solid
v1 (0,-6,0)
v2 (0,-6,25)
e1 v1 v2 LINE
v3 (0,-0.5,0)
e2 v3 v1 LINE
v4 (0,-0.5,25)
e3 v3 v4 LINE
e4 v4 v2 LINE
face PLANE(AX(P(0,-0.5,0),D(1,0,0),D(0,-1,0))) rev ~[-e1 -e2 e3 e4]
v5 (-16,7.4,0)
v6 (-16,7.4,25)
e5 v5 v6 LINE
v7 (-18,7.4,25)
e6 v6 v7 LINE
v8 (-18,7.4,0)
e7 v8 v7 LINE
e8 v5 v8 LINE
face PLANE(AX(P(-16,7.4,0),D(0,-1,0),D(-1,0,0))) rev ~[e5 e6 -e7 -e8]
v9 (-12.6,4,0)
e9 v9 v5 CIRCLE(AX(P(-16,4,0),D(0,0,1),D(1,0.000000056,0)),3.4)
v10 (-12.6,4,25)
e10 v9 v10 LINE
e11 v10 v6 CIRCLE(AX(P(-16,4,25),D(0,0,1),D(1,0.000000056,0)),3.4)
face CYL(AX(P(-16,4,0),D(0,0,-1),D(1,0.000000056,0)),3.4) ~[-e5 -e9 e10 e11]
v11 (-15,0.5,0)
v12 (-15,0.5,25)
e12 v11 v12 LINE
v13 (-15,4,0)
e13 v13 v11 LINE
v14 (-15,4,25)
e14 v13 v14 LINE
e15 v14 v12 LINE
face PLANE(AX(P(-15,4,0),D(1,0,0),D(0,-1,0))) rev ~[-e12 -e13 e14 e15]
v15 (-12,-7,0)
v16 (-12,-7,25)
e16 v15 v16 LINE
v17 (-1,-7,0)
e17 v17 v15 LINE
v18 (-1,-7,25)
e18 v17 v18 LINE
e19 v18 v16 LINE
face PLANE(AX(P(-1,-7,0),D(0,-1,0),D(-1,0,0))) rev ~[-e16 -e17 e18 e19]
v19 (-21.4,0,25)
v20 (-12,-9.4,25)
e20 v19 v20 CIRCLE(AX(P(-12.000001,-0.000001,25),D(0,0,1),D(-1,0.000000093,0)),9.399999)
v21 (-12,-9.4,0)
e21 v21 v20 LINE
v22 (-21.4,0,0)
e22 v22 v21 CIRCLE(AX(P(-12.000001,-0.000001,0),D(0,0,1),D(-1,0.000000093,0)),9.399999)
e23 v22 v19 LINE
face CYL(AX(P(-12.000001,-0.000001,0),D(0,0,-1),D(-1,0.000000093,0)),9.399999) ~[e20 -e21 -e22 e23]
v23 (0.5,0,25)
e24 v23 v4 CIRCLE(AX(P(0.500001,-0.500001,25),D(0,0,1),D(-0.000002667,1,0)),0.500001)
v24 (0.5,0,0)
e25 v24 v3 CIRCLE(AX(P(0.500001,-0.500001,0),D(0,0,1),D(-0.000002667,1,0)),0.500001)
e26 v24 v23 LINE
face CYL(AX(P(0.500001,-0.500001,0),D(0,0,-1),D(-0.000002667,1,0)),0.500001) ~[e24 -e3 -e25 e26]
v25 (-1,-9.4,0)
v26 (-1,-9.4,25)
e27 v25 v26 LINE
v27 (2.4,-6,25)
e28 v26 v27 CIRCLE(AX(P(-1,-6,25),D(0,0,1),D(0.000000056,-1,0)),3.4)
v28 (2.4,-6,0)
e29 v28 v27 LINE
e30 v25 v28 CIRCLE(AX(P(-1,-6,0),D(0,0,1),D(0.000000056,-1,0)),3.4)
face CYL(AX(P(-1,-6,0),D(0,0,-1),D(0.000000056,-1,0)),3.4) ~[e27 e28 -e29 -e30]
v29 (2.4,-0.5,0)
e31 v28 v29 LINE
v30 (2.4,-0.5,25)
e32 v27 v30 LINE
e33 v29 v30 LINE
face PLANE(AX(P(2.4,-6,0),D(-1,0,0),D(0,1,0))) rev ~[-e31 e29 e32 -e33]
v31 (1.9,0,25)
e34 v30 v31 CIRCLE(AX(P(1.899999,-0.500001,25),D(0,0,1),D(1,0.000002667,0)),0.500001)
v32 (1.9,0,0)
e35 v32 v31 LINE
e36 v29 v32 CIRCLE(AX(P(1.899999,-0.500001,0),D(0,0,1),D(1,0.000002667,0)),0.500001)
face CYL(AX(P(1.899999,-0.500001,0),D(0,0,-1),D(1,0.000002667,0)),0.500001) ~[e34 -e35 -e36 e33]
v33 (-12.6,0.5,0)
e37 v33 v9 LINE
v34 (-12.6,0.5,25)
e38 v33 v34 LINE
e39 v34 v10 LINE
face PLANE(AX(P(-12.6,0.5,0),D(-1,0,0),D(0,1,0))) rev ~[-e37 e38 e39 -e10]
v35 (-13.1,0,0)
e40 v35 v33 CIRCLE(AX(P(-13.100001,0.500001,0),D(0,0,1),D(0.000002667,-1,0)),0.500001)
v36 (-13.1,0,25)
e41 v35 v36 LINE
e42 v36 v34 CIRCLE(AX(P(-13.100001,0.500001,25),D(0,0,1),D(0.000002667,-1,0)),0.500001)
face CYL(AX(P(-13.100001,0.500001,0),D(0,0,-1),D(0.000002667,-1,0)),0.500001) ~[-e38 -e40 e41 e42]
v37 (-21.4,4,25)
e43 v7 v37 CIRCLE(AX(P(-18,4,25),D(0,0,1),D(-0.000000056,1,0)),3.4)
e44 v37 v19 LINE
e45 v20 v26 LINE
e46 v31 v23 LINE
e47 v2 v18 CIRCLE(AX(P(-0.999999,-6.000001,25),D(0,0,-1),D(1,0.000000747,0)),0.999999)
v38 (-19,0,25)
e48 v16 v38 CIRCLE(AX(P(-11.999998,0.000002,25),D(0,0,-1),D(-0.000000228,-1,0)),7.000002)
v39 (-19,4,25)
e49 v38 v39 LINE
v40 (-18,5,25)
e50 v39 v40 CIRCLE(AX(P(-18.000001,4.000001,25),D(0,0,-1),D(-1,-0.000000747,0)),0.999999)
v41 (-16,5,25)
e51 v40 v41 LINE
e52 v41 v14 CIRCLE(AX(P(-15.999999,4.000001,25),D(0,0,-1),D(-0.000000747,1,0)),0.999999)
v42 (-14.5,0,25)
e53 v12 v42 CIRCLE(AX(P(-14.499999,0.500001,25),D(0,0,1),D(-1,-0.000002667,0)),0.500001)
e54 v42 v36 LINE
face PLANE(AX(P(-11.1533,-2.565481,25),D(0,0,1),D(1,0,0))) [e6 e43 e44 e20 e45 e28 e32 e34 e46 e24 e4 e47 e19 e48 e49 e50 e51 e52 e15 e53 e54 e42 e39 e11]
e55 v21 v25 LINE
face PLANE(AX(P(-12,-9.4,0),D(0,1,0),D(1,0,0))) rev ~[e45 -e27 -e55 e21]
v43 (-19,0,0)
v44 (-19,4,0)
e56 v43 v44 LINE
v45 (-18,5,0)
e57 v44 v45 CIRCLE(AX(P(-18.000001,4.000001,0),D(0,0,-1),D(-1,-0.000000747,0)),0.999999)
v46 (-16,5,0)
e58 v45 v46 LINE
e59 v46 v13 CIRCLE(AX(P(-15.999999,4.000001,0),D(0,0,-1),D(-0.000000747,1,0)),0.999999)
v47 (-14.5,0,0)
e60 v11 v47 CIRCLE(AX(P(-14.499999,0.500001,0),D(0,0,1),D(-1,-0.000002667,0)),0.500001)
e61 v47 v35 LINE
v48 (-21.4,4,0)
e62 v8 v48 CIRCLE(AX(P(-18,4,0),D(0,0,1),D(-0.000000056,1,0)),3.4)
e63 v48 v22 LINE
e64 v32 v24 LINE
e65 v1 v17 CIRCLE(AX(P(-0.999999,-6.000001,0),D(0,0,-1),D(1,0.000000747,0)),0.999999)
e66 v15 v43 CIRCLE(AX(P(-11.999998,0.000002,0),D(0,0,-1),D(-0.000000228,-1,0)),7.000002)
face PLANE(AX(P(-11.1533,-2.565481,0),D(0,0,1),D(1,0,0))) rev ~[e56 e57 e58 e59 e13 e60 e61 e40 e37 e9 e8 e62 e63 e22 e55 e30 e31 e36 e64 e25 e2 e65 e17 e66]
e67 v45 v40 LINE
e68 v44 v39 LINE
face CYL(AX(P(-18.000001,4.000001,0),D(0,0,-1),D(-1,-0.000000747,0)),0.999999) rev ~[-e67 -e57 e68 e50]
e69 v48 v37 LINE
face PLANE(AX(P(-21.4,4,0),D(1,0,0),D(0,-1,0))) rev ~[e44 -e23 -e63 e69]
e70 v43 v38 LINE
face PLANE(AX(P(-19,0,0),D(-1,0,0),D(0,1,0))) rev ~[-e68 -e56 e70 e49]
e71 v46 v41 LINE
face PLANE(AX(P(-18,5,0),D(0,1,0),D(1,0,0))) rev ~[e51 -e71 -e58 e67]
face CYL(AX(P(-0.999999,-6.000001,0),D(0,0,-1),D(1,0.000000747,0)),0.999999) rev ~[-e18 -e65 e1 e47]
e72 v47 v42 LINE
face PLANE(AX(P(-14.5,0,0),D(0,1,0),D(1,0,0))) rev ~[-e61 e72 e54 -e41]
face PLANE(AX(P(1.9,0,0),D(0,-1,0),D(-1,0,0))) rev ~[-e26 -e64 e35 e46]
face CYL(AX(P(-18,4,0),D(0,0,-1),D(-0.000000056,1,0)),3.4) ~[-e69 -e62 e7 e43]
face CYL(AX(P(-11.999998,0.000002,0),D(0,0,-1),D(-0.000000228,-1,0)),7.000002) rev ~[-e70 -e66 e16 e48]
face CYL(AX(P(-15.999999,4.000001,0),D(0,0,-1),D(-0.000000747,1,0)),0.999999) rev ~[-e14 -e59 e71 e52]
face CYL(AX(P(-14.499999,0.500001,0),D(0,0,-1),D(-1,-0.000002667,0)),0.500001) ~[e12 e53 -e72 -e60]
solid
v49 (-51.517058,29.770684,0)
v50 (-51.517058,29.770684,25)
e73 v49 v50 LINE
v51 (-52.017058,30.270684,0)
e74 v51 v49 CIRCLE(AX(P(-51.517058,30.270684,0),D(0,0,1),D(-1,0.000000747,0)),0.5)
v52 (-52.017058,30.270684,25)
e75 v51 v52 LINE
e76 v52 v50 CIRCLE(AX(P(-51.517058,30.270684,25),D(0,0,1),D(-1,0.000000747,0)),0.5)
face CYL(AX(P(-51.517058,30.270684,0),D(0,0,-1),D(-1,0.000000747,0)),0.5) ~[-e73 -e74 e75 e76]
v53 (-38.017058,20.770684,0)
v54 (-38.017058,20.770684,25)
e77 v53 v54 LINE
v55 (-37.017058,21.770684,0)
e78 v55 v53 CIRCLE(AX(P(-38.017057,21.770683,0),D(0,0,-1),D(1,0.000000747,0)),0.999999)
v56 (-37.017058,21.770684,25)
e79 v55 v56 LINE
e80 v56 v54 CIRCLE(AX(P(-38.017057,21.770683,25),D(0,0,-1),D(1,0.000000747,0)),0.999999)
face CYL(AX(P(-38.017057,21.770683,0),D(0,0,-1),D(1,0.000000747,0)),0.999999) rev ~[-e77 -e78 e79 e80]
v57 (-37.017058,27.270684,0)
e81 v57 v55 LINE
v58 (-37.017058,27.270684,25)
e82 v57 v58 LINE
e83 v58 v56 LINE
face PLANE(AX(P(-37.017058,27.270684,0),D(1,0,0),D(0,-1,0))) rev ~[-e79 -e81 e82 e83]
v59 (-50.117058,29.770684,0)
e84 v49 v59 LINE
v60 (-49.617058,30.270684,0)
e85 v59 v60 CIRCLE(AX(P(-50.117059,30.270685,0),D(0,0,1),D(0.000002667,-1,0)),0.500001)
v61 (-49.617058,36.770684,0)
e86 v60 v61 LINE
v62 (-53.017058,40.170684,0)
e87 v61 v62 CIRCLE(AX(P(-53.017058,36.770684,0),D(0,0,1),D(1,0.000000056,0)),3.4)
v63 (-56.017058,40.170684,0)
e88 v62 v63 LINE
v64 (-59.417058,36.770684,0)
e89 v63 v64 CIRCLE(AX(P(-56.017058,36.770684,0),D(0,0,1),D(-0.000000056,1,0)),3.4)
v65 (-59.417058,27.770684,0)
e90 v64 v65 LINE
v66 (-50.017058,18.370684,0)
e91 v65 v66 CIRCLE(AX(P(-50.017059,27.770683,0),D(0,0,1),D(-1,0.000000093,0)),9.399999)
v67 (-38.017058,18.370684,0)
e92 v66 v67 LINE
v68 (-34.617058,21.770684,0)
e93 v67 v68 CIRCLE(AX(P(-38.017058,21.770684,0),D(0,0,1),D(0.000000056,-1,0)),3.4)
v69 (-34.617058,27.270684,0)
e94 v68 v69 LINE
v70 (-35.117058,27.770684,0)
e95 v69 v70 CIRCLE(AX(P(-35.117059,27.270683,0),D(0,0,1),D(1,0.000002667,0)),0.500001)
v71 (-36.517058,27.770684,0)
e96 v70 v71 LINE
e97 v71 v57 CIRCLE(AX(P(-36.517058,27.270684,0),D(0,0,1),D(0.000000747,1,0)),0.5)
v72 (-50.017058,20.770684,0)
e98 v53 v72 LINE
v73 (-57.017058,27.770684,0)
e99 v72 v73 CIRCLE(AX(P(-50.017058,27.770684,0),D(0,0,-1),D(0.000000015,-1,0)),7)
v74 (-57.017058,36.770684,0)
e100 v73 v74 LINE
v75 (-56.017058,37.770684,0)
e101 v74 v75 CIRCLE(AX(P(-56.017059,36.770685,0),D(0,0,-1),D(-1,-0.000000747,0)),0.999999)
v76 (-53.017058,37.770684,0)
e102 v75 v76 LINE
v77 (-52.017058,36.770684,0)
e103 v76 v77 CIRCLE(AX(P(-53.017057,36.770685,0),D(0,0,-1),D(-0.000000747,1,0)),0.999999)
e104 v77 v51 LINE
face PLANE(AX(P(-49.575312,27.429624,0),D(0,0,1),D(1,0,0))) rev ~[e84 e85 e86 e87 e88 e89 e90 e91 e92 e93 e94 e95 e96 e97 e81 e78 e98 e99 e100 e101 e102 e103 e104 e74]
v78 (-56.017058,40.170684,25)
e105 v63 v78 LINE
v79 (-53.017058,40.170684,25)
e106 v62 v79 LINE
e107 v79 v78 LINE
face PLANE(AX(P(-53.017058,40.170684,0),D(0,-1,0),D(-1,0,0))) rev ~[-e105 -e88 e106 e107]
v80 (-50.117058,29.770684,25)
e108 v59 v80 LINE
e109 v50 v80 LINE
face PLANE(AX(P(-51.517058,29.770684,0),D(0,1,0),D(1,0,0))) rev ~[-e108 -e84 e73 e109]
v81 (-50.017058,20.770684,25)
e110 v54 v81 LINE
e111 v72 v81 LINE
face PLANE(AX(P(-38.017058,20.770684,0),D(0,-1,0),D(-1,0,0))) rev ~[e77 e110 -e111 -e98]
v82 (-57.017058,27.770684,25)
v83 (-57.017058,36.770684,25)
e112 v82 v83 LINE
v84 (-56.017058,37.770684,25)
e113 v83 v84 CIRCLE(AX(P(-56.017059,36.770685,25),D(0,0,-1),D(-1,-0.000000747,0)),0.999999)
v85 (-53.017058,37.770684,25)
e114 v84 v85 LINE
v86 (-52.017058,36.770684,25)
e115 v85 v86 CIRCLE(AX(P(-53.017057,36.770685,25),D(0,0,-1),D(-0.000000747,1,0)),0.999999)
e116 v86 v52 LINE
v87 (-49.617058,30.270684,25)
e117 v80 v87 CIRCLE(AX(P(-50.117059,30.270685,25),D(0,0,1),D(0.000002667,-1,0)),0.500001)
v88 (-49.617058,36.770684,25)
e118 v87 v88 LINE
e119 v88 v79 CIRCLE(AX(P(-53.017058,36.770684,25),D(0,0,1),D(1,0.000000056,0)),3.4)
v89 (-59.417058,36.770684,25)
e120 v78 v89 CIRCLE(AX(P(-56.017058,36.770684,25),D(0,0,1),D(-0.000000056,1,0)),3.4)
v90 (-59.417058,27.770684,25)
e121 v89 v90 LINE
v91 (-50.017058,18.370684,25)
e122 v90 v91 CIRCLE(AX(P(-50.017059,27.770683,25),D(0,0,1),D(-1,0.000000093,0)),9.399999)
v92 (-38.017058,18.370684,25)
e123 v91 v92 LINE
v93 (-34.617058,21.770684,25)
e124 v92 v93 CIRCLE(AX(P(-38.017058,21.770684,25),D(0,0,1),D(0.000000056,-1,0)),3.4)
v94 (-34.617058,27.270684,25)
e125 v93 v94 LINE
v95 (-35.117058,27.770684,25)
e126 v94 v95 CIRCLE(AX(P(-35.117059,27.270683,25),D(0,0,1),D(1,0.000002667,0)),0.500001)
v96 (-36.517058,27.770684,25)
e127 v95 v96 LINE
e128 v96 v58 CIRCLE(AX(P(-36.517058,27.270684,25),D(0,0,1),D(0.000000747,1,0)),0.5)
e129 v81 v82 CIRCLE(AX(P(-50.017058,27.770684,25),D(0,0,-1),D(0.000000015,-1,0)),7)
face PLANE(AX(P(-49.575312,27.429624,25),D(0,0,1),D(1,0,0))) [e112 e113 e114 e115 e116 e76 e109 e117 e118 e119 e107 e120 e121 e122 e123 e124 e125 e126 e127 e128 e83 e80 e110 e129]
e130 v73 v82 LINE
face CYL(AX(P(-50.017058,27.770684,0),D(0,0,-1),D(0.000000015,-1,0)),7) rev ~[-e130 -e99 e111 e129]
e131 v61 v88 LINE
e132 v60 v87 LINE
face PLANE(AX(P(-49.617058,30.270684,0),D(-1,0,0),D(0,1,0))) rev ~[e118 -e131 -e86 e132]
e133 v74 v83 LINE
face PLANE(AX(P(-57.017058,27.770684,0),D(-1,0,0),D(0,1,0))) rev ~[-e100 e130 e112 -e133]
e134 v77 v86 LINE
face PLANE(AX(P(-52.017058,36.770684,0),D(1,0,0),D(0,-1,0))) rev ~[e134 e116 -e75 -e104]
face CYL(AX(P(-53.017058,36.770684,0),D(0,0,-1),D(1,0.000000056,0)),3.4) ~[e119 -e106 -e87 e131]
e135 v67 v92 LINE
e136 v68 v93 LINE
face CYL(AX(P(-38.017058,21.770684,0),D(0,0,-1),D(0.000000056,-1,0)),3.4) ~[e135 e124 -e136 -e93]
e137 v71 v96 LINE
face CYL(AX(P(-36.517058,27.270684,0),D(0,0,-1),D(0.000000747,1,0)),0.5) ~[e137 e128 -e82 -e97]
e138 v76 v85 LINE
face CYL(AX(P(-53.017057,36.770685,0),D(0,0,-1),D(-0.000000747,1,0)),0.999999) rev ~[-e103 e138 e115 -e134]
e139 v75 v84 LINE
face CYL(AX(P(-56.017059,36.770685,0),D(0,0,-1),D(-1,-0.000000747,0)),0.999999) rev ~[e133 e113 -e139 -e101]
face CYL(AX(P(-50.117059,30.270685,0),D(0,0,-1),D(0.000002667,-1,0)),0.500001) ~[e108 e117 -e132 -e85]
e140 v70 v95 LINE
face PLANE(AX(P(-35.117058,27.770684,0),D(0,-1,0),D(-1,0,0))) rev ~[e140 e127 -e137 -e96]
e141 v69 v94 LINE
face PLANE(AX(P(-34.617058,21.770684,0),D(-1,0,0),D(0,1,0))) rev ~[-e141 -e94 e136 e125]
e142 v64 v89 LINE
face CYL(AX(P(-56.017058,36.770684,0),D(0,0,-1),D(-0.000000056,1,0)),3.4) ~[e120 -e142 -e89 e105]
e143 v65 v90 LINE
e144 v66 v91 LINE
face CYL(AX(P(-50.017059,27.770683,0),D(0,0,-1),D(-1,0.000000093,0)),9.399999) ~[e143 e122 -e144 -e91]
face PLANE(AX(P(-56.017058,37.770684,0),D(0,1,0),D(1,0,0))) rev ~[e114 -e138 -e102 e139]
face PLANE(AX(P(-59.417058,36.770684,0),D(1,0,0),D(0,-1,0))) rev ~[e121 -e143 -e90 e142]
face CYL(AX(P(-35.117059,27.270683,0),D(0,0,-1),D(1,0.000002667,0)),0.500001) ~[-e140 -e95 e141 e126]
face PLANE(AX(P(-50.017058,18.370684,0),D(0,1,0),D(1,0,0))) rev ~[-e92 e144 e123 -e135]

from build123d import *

# Parameters (mm, degrees)
F2_DEPTH = 25


with BuildPart() as f2:
    # F0 (on Top) + F1 (on Top) → F2 (new body)
    with BuildSketch(Plane.XY):
        with BuildLine():
            ThreePointArc((0.5, 0), (0.146447, -0.146447), (0, -0.5))
            Line((0, -0.5), (0, -6))
            ThreePointArc((0, -6), (-0.292893, -6.707107), (-1, -7))
            Line((-1, -7), (-12, -7))
            ThreePointArc((-12, -7), (-16.949747, -4.949747), (-19, 0))
            Line((-19, 0), (-19, 4))
            ThreePointArc((-19, 4), (-18.707107, 4.707107), (-18, 5))
            Line((-18, 5), (-16, 5))
            ThreePointArc((-16, 5), (-15.292893, 4.707107), (-15, 4))
            Line((-15, 4), (-15, 0.5))
            ThreePointArc((-15, 0.5), (-14.853553, 0.146447), (-14.5, 0))
            Line((-14.5, 0), (-13.1, 0))
            ThreePointArc((-13.1, 0), (-12.746447, 0.146447), (-12.6, 0.5))
            Line((-12.6, 0.5), (-12.6, 4))
            ThreePointArc((-12.6, 4), (-13.595837, 6.404163), (-16, 7.4))
            Line((-16, 7.4), (-18, 7.4))
            ThreePointArc((-18, 7.4), (-20.404163, 6.404163), (-21.4, 4))
            Line((-21.4, 4), (-21.4, 0))
            ThreePointArc((-21.4, 0), (-18.646804, -6.646804), (-12, -9.4))
            Line((-12, -9.4), (-1, -9.4))
            ThreePointArc((-1, -9.4), (1.404163, -8.404163), (2.4, -6))
            Line((2.4, -6), (2.4, -0.5))
            ThreePointArc((2.4, -0.5), (2.253553, -0.146447), (1.9, 0))
            Line((1.9, 0), (0.5, 0))
        make_face()
    with BuildSketch(Plane.XY):
        with BuildLine():
            ThreePointArc((-36.517058, 27.770684), (-36.870612, 27.624237), (-37.017058, 27.270684))
            Line((-37.017058, 27.270684), (-37.017058, 21.770684))
            ThreePointArc((-37.017058, 21.770684), (-37.309951, 21.063577), (-38.017058, 20.770684))
            Line((-38.017058, 20.770684), (-50.017058, 20.770684))
            ThreePointArc((-50.017058, 20.770684), (-54.966806, 22.820937), (-57.017058, 27.770684))
            Line((-57.017058, 27.770684), (-57.017058, 36.770684))
            ThreePointArc((-57.017058, 36.770684), (-56.724165, 37.477791), (-56.017058, 37.770684))
            Line((-56.017058, 37.770684), (-53.017058, 37.770684))
            ThreePointArc((-53.017058, 37.770684), (-52.309951, 37.477791), (-52.017058, 36.770684))
            Line((-52.017058, 36.770684), (-52.017058, 30.270684))
            ThreePointArc((-52.017058, 30.270684), (-51.870612, 29.917131), (-51.517058, 29.770684))
            Line((-51.517058, 29.770684), (-50.117058, 29.770684))
            ThreePointArc((-50.117058, 29.770684), (-49.763505, 29.917131), (-49.617058, 30.270684))
            Line((-49.617058, 30.270684), (-49.617058, 36.770684))
            ThreePointArc((-49.617058, 36.770684), (-50.612895, 39.174847), (-53.017058, 40.170684))
            Line((-53.017058, 40.170684), (-56.017058, 40.170684))
            ThreePointArc((-56.017058, 40.170684), (-58.421221, 39.174847), (-59.417058, 36.770684))
            Line((-59.417058, 36.770684), (-59.417058, 27.770684))
            ThreePointArc((-59.417058, 27.770684), (-56.663862, 21.12388), (-50.017058, 18.370684))
            Line((-50.017058, 18.370684), (-38.017058, 18.370684))
            ThreePointArc((-38.017058, 18.370684), (-35.612895, 19.366521), (-34.617058, 21.770684))
            Line((-34.617058, 21.770684), (-34.617058, 27.270684))
            ThreePointArc((-34.617058, 27.270684), (-34.763505, 27.624237), (-35.117058, 27.770684))
            Line((-35.117058, 27.770684), (-36.517058, 27.770684))
        make_face()
    extrude(amount=F2_DEPTH)


solid = f2.part
